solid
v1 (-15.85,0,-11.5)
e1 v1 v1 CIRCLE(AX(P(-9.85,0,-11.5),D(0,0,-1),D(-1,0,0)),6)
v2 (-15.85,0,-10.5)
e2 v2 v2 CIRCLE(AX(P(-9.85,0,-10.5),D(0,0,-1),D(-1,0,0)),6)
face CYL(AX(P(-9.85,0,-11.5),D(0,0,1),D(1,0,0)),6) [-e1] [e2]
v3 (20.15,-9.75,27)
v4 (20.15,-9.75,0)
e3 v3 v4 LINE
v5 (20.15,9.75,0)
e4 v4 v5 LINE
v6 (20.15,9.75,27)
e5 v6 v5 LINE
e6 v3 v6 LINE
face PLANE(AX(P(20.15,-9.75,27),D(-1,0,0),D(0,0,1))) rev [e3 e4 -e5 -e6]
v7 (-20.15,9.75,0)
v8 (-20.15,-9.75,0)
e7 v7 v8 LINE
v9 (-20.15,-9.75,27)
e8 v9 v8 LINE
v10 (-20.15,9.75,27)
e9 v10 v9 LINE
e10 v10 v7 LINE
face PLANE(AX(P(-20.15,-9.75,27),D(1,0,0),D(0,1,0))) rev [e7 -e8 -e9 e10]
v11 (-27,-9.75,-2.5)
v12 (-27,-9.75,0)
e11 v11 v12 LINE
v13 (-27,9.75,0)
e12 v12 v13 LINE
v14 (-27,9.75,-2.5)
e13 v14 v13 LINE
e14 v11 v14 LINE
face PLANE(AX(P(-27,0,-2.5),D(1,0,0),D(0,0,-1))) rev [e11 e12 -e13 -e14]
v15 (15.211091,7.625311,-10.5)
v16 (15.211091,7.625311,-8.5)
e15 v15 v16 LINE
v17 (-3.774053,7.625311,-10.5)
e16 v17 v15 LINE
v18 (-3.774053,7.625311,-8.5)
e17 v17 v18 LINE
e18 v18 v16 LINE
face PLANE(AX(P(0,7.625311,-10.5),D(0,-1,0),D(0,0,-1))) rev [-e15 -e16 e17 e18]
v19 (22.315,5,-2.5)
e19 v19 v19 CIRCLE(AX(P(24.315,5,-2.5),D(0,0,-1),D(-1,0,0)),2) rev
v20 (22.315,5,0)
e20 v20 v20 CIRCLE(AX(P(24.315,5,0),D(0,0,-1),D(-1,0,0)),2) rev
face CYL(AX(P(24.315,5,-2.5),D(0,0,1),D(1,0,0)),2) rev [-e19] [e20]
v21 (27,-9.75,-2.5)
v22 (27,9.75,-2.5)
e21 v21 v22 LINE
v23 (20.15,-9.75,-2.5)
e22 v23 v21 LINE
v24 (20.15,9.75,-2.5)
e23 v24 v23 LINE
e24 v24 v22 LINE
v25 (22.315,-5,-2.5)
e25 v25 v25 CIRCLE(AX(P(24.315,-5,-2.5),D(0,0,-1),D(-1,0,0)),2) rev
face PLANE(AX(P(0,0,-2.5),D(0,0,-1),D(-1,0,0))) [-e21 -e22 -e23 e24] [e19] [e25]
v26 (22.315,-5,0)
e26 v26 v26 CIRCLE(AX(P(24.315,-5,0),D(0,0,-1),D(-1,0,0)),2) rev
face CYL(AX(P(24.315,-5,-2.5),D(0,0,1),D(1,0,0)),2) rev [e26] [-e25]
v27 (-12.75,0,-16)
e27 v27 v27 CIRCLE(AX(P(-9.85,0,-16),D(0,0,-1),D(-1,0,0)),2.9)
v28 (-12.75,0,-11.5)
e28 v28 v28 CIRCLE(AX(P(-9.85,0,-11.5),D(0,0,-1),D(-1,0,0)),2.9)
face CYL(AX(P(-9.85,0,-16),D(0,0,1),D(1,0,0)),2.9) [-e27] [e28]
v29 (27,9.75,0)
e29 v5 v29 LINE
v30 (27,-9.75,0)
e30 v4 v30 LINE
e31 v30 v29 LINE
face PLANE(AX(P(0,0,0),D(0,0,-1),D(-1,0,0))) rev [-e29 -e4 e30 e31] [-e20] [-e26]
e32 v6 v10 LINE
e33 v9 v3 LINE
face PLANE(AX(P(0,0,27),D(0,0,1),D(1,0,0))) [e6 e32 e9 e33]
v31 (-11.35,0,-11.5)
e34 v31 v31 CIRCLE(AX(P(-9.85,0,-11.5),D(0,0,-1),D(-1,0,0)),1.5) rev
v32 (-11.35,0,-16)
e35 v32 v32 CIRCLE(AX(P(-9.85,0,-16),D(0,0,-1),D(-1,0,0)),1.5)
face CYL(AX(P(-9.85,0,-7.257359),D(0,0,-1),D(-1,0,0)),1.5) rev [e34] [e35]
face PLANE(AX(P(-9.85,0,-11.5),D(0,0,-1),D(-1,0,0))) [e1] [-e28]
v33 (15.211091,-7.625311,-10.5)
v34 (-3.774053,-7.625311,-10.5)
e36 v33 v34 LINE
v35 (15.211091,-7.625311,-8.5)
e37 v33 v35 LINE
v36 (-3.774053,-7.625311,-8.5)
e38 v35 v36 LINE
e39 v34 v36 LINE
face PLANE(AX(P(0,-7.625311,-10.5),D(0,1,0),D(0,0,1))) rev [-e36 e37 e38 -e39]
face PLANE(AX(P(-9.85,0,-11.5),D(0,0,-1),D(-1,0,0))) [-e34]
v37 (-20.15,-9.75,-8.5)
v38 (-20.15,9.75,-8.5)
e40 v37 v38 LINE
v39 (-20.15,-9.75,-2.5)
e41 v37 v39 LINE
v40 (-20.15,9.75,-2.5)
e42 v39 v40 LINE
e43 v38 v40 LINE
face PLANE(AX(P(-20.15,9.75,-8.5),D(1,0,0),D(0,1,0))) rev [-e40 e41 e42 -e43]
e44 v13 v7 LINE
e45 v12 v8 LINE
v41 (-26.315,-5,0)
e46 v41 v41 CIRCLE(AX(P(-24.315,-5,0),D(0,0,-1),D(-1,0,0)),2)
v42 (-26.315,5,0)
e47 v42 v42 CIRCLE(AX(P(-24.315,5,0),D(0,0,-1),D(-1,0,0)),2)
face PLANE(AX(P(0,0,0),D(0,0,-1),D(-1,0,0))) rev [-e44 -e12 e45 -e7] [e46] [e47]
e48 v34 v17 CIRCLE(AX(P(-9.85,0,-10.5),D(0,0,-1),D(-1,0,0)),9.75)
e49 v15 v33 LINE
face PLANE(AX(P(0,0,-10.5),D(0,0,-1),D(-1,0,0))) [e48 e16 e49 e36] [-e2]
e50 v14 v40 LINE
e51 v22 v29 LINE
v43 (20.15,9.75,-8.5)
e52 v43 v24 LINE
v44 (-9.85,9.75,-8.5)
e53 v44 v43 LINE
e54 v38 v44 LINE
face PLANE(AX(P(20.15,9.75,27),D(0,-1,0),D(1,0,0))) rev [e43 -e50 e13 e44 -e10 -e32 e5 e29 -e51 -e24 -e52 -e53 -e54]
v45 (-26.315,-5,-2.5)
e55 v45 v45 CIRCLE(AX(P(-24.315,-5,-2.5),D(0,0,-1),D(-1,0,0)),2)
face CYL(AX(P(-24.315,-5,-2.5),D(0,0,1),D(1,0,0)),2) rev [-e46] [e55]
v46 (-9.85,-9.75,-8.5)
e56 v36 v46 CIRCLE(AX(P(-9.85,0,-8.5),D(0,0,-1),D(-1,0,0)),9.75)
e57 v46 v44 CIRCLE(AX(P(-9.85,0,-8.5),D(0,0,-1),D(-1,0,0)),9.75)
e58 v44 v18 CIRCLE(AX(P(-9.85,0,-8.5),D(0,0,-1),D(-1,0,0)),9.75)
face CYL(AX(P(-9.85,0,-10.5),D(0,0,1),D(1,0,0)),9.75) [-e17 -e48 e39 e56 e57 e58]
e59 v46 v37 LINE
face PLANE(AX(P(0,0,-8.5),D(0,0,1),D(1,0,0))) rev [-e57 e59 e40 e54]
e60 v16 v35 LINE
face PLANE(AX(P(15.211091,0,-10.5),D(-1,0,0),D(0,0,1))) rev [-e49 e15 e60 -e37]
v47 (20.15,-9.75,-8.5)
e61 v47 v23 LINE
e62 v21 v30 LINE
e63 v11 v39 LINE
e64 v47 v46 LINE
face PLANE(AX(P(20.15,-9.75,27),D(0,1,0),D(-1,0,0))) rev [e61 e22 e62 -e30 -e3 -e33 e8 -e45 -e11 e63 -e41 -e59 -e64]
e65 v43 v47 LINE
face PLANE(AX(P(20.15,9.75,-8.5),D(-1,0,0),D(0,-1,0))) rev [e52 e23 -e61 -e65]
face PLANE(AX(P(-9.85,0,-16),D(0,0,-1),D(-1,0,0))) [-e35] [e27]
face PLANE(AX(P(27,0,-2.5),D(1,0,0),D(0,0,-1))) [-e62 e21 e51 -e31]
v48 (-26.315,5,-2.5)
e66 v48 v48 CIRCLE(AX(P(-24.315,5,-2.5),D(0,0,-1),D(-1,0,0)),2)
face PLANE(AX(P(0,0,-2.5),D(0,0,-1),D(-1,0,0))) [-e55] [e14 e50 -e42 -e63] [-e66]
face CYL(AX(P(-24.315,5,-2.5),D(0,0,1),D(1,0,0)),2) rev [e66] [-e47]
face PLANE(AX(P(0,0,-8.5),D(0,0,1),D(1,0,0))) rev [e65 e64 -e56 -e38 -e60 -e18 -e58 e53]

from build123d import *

# Parameters (mm, degrees)
SKETCH_1_W          = 40.3
SKETCH_1_H          = 19.5
EXTRUDE_1_DEPTH     = 27
SKETCH_2_W          = 6.85
SKETCH_2_H          = 19.5
SKETCH_2_R          = 2
SKETCH_2_W_2        = 20.15
EXTRUDE_2_DEPTH     = 2.5
SKETCH_3_W          = 40.3
SKETCH_3_H          = 19.5
EXTRUDE_3_DEPTH     = 6
EXTRUDE_4_DEPTH     = 2
SKETCH_5_R          = 6
EXTRUDE_5_DEPTH     = 1
SKETCH_6_R          = 2.9
EXTRUDE_6_DEPTH     = 4.5
SKETCH_7_R          = 1.5
CUT_EXTRUDE_1_DEPTH = 4.5


with BuildPart() as part:
    # 草图1 → 凸台-拉伸1 (new body)
    with BuildSketch(Plane.XY):
        Rectangle(SKETCH_1_W, SKETCH_1_H)
    extrude(amount=EXTRUDE_1_DEPTH)

    # 草图2 → 凸台-拉伸2 (add)
    with BuildSketch(Plane(origin=(0, 0, 0), x_dir=(-1, 0, 0), z_dir=(0, 0, -1))):
        with Locations((23.575, 0)):
            Rectangle(SKETCH_2_W, SKETCH_2_H)
        with Locations((24.315, -5)):
            Circle(SKETCH_2_R, mode=Mode.SUBTRACT)
        with Locations((24.315, 5)):
            Circle(SKETCH_2_R, mode=Mode.SUBTRACT)
        with Locations((10.075, 0)):
            Rectangle(SKETCH_2_W_2, SKETCH_2_H)
        with Locations((-23.575, 0)):
            Rectangle(SKETCH_2_W, SKETCH_2_H)
        with Locations((-24.315, -5)):
            Circle(SKETCH_2_R, mode=Mode.SUBTRACT)
        with Locations((-24.315, 5)):
            Circle(SKETCH_2_R, mode=Mode.SUBTRACT)
        with Locations((-10.075, 0)):
            Rectangle(SKETCH_2_W_2, SKETCH_2_H)
    extrude(amount=EXTRUDE_2_DEPTH)

    # 草图3 → 凸台-拉伸3 (add)
    with BuildSketch(Plane(origin=(0, 0, -2.5), x_dir=(-1, 0, 0), z_dir=(0, 0, -1))):
        Rectangle(SKETCH_3_W, SKETCH_3_H)
    extrude(amount=EXTRUDE_3_DEPTH)

    # 草图4 → 凸台-拉伸4 (add)
    with BuildSketch(Plane(origin=(0, 0, -8.5), x_dir=(-1, 0, 0), z_dir=(0, 0, -1))):
        with BuildLine():
            Line((3.774052971, 7.62531099), (-15.211090867, 7.62531099))
            Line((-15.211090867, 7.62531099), (-15.211090867, -7.62531099))
            Line((-15.211090867, -7.62531099), (3.774052971, -7.62531099))
            ThreePointArc((3.774052971, -7.62531099), (19.6, 0), (3.774052971, 7.62531099))
        make_face()
    extrude(amount=EXTRUDE_4_DEPTH)

    # 草图5 → 凸台-拉伸5 (add)
    with BuildSketch(Plane(origin=(0, 0, -10.5), x_dir=(-1, 0, 0), z_dir=(0, 0, -1))):
        with Locations((9.85, 0)):
            Circle(SKETCH_5_R)
    extrude(amount=EXTRUDE_5_DEPTH)

    # 草图6 → 凸台-拉伸6 (add)
    with BuildSketch(Plane(origin=(0, 0, -11.5), x_dir=(-1, 0, 0), z_dir=(0, 0, -1))):
        with Locations((9.85, 0)):
            Circle(SKETCH_6_R)
    extrude(amount=EXTRUDE_6_DEPTH)

    # 草图7 → 切除-拉伸1 (cut)
    with BuildSketch(Plane(origin=(0, 0, -16), x_dir=(-1, 0, 0), z_dir=(0, 0, -1))):
        with Locations((9.85, 0)):
            Circle(SKETCH_7_R)
    extrude(amount=-CUT_EXTRUDE_1_DEPTH, mode=Mode.SUBTRACT)


solid = part.part
